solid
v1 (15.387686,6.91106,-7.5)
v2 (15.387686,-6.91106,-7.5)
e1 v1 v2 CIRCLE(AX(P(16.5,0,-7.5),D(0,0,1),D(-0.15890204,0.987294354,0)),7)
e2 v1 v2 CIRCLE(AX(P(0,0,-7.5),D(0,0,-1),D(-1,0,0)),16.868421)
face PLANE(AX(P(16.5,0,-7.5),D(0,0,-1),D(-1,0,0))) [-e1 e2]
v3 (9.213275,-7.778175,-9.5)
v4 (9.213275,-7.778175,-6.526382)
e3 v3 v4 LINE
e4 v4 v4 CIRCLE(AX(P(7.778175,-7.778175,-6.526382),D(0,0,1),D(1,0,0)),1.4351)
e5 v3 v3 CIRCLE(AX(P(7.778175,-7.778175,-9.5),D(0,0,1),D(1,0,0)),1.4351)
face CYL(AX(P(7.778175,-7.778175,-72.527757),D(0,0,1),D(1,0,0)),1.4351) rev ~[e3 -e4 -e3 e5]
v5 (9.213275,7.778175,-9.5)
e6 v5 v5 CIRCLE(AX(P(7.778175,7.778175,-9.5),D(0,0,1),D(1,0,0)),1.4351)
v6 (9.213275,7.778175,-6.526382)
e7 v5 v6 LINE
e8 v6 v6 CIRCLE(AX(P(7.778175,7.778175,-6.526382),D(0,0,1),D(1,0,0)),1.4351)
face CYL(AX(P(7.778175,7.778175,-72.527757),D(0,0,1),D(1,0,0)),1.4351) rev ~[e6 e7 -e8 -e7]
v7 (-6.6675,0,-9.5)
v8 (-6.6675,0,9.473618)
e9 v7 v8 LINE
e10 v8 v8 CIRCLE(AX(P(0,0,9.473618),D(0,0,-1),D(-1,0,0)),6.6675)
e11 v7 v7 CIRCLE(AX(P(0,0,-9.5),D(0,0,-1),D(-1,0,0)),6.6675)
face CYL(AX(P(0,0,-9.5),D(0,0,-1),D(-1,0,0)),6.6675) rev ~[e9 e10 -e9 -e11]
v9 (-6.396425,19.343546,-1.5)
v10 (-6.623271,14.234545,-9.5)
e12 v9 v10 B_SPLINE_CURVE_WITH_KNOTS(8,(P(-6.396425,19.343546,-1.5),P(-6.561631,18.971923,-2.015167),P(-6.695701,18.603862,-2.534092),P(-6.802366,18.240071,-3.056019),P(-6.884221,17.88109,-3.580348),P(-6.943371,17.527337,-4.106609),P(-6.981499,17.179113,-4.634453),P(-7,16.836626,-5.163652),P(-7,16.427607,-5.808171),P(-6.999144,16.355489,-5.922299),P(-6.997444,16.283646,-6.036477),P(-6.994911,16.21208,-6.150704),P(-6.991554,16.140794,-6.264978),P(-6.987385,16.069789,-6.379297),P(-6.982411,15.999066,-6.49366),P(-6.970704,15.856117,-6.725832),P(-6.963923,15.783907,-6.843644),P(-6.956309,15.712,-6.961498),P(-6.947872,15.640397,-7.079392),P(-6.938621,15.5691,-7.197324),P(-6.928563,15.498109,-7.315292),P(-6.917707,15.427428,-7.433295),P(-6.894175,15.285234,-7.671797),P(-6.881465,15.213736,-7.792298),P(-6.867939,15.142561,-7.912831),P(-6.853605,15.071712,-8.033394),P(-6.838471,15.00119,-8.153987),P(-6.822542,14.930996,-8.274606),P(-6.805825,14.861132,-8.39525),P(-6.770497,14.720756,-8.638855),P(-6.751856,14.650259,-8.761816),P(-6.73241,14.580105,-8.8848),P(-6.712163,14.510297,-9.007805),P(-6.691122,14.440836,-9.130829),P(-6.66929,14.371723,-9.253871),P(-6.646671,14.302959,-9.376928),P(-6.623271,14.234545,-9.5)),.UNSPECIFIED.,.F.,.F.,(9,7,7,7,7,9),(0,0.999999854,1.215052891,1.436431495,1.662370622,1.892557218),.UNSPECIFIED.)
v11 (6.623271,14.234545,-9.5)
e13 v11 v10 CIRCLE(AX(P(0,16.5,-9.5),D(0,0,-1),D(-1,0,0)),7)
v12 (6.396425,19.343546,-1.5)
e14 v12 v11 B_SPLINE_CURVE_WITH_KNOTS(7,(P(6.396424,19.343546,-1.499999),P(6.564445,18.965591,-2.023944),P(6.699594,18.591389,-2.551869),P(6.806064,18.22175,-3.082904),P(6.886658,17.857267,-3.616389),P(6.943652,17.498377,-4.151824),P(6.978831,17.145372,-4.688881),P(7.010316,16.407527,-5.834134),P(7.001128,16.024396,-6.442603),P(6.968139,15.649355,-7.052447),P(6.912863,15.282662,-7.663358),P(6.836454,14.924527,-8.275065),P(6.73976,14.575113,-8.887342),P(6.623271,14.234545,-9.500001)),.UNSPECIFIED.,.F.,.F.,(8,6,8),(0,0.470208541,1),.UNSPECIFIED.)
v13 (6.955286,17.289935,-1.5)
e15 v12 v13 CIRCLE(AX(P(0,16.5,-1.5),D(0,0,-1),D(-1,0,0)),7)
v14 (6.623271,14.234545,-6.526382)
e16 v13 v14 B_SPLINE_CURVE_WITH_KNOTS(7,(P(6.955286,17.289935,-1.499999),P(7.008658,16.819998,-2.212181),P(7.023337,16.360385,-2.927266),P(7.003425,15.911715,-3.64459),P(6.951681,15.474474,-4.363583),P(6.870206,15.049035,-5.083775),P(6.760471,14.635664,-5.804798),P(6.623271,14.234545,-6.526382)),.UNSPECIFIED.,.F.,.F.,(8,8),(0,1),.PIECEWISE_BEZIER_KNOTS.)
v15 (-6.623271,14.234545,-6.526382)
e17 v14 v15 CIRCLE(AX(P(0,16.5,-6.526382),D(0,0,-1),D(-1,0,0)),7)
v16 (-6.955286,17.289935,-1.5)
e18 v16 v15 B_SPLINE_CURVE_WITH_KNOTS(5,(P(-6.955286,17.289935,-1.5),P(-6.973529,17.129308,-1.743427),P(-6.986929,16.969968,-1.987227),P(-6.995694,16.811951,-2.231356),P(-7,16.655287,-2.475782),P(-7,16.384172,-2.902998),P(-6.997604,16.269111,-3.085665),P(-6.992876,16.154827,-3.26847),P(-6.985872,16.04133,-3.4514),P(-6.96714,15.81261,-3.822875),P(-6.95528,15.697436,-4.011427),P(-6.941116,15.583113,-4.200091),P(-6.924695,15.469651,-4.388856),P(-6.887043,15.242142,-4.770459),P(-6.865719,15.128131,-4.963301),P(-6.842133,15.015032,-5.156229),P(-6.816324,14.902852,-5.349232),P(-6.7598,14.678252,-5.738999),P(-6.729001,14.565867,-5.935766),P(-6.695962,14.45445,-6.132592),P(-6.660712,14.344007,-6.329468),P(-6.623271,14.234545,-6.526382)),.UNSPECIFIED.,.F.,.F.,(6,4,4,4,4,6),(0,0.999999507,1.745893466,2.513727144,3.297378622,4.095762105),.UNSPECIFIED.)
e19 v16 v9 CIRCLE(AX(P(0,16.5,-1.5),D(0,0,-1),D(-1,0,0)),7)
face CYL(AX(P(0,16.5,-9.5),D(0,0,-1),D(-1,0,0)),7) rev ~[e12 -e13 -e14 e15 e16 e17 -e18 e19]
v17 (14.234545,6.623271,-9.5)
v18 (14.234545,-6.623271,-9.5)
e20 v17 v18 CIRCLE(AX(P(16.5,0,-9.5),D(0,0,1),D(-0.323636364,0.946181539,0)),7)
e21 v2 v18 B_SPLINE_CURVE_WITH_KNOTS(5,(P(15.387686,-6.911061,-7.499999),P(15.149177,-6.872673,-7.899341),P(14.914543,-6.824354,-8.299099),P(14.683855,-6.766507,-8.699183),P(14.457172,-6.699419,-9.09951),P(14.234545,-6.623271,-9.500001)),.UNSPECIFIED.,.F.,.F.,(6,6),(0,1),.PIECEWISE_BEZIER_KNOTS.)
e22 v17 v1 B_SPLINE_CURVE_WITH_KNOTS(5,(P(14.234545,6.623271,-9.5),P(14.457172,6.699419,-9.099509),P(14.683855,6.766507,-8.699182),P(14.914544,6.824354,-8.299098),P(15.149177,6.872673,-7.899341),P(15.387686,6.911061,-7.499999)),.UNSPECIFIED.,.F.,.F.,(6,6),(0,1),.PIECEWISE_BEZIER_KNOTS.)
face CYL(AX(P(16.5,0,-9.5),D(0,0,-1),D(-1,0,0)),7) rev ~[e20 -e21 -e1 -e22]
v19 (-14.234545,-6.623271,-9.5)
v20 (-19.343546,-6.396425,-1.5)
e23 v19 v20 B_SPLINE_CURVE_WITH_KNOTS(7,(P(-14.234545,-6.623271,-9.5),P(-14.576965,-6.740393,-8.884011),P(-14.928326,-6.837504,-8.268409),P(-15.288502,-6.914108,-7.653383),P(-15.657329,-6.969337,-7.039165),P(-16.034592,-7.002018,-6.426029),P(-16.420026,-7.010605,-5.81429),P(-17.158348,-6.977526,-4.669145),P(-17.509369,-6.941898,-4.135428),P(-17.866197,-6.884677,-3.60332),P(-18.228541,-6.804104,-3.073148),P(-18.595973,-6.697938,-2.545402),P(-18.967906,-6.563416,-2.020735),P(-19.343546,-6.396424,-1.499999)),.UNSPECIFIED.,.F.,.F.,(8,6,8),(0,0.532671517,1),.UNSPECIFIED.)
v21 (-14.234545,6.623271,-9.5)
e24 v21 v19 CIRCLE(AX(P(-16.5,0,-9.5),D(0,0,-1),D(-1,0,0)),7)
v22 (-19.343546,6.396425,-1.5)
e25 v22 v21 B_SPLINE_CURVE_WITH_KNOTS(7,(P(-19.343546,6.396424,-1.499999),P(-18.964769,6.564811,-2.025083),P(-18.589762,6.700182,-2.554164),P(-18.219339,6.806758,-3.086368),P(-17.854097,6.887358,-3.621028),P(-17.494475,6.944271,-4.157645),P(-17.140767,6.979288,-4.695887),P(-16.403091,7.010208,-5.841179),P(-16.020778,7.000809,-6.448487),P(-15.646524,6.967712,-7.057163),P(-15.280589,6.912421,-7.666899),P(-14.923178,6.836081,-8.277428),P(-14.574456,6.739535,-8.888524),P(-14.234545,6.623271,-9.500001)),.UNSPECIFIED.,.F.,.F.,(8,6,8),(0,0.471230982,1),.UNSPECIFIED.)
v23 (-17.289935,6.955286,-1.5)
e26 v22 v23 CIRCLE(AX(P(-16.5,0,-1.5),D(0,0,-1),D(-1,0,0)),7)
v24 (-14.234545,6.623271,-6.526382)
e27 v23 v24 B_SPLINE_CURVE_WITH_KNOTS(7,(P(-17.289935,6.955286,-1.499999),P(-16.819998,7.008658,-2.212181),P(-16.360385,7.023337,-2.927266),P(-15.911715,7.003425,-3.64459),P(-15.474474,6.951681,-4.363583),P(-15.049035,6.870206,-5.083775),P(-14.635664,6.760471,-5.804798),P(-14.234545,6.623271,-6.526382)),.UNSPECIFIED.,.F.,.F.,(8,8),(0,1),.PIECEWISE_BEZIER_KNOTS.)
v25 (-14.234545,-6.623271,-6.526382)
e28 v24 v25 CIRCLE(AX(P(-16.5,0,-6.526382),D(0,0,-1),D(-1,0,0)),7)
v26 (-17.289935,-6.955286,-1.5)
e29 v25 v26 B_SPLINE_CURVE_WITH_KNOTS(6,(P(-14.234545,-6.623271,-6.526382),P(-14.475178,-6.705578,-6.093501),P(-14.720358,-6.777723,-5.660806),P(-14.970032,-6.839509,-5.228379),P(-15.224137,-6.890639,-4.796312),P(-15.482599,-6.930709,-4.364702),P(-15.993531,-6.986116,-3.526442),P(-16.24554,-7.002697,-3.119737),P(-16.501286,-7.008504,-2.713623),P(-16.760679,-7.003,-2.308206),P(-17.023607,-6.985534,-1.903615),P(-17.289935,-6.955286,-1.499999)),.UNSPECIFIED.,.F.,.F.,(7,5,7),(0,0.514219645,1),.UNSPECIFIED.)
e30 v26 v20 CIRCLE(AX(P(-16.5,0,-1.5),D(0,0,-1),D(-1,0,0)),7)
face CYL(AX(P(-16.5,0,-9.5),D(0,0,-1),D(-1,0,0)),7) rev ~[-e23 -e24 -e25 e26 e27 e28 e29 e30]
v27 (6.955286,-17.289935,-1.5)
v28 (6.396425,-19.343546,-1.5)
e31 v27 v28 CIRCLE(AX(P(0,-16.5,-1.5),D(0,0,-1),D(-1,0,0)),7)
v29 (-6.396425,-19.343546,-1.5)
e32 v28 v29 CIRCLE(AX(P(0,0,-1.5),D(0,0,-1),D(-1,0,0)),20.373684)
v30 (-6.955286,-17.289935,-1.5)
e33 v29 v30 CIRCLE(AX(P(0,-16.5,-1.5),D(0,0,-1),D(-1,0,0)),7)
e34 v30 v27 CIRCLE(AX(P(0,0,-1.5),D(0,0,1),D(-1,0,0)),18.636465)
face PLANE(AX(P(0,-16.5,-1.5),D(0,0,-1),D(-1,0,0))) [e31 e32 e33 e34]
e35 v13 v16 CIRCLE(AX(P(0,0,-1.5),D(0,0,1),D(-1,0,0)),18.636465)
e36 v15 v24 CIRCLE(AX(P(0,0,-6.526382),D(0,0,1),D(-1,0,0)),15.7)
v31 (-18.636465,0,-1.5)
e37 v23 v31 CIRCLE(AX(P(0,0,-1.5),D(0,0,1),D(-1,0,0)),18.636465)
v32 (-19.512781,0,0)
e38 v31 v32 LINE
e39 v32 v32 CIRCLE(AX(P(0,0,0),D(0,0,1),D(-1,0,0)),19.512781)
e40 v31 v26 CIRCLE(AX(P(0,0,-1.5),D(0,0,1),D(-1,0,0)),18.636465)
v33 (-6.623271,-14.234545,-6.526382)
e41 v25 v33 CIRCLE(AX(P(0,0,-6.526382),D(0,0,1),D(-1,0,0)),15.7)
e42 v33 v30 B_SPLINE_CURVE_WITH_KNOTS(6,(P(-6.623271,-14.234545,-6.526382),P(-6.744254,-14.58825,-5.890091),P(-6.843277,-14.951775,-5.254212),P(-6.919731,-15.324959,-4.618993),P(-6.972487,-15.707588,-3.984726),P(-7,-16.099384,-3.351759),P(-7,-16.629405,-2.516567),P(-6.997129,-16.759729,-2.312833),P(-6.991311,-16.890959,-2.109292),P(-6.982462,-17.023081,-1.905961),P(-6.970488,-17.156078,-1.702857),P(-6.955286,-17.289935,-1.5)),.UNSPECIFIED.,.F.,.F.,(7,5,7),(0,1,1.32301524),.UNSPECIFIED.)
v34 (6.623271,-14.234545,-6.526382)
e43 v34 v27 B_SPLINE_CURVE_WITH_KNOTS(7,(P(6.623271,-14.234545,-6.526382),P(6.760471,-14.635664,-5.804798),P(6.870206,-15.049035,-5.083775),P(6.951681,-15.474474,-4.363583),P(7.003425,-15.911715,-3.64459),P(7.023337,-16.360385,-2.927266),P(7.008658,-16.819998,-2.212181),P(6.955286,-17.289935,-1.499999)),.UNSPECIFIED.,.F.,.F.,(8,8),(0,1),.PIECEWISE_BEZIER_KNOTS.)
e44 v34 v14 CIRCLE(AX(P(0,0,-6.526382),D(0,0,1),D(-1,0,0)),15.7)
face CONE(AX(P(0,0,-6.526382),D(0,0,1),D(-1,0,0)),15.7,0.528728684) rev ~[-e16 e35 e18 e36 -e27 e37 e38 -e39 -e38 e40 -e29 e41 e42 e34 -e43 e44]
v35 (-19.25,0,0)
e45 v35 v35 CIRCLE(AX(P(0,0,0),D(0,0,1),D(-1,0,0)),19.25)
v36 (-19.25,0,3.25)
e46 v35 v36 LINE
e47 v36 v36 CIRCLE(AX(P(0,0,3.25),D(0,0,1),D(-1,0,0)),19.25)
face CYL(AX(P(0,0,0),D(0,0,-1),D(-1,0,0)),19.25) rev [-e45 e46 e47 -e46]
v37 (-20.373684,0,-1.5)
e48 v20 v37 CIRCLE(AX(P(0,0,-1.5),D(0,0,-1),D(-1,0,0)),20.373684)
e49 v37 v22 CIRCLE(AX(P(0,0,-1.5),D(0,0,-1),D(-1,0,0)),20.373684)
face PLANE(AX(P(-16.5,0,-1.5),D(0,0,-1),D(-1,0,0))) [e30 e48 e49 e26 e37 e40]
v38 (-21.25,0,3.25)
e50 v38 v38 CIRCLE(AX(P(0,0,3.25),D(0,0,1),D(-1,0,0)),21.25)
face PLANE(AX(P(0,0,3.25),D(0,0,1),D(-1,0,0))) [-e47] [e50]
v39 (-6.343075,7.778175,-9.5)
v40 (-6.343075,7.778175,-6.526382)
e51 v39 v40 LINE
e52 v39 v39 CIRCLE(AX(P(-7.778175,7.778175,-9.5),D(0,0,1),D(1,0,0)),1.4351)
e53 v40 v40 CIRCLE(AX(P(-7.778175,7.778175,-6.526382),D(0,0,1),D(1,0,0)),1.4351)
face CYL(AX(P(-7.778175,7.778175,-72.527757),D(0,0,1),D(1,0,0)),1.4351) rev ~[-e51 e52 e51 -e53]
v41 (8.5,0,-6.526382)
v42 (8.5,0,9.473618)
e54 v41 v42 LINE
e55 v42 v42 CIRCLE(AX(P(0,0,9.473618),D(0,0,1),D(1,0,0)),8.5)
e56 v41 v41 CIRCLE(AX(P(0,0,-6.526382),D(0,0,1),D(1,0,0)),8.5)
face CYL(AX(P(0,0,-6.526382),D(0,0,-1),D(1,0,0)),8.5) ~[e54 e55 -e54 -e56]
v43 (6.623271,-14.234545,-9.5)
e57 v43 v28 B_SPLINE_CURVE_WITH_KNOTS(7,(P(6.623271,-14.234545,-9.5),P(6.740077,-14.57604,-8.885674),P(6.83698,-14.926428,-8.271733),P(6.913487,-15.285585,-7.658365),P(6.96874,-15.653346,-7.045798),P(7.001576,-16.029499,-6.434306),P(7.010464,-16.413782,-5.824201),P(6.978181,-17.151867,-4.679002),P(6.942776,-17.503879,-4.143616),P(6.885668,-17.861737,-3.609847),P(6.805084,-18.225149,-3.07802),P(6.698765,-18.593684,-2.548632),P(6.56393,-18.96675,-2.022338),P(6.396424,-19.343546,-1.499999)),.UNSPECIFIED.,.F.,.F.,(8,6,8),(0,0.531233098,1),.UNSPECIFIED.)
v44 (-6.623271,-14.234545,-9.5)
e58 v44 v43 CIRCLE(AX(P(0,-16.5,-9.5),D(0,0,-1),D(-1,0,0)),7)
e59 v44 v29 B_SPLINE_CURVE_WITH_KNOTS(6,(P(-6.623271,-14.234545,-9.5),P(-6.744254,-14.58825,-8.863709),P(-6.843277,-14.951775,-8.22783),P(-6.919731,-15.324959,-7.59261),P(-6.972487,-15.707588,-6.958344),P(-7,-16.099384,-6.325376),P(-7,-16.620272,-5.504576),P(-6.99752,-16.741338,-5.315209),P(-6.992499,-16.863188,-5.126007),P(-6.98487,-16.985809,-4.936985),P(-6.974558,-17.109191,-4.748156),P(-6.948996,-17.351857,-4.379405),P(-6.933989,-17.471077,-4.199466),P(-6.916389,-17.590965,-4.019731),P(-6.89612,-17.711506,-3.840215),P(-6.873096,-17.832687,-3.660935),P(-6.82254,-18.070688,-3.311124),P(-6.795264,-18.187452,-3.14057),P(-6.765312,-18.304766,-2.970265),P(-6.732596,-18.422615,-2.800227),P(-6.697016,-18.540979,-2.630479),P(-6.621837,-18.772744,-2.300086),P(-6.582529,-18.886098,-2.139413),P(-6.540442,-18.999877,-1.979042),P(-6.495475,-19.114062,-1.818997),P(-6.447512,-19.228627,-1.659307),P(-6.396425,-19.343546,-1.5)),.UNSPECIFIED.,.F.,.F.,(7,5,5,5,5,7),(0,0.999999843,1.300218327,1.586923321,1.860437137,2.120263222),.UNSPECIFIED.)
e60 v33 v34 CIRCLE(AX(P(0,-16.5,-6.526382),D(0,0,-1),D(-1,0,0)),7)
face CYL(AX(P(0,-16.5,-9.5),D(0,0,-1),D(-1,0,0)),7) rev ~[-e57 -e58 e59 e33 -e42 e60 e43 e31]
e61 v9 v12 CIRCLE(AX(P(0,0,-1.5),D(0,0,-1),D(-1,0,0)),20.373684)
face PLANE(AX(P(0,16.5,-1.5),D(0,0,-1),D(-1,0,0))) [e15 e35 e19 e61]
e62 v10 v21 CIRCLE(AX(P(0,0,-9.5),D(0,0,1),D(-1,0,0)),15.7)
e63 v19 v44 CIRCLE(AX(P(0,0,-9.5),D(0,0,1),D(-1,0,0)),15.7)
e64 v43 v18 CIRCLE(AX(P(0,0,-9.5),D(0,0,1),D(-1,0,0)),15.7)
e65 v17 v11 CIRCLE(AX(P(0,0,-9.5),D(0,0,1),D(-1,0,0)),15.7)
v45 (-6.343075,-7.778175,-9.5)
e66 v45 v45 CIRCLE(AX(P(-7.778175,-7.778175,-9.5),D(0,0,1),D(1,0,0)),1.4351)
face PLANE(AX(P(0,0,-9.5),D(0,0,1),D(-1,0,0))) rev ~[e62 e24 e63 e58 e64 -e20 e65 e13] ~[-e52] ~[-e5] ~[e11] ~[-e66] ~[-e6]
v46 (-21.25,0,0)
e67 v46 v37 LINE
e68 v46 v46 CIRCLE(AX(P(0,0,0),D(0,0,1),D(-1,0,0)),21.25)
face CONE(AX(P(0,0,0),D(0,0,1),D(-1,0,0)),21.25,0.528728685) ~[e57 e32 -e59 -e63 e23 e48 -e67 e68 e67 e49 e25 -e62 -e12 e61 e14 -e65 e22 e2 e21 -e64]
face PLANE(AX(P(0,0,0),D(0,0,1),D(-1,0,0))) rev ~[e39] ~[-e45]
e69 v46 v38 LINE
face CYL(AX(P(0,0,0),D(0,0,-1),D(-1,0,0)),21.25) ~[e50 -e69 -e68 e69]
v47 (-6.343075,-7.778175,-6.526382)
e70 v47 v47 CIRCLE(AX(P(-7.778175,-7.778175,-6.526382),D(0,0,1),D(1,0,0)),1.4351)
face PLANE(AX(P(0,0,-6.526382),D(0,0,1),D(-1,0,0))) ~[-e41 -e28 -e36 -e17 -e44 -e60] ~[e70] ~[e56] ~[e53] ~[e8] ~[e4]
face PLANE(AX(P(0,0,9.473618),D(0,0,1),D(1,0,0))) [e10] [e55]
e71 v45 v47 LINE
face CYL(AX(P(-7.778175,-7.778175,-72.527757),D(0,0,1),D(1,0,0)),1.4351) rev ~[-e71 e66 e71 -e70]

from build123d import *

# Parameters (mm, degrees)
SKETCH1_R                   = 21.25
SKETCH1_R_2                 = 19.25
BOSS_EXTRUDE1_DEPTH         = 3.25
SKETCH4_R                   = 7
CUT_EXTRUDE2_DEPTH          = 8
SKETCH5_R                   = 7
CUT_EXTRUDE3_DEPTH          = 2
SKETCH7_R                   = 8.5
BOSS_EXTRUDE2_DEPTH         = 16
SKETCH6_R                   = 6.6675
CUT_EXTRUDE5_DEPTH          = 36.540444334
F_33_0_113_DIAMETER_HOLE1_D = 2.8702


with BuildPart() as part:
    # Sketch1 → Boss-Extrude1 (new body)
    with BuildSketch(Plane.XY):
        with Locations(Location((0, 0, 0), (0, 0, 180))):
            Circle(SKETCH1_R)
        with Locations(Location((0, 0, 0), (0, 0, 180))):
            Circle(SKETCH1_R_2, mode=Mode.SUBTRACT)
    extrude(amount=BOSS_EXTRUDE1_DEPTH)

    # Sketch2 → Revolve1 (revolve)
    with BuildSketch(Plane(origin=(0, 0, 0), x_dir=(1, 0, 0), z_dir=(0, 1, 0))):
        Polygon((-21.25, 0), (-15.7, 9.5), (0, 9.5), (0, 6.526382134), (-15.7, 6.526382134), (-19.512781141, 0), align=None)
    revolve(axis=Axis((0, 0, -9.5), (0, 0, 1)))

    # Sketch4 → Cut-Extrude2 (cut)
    with BuildSketch(Plane(origin=(0, 0, -9.5), x_dir=(-1, 0, 0), z_dir=(0, 0, -1))):
        with Locations((0, 16.5)):
            Circle(SKETCH4_R)
        with Locations((16.5, 0)):
            Circle(SKETCH4_R)
        with Locations((0, -16.5)):
            Circle(SKETCH4_R)
    extrude(amount=-CUT_EXTRUDE2_DEPTH, mode=Mode.SUBTRACT)

    # Sketch5 → Cut-Extrude3 (cut)
    with BuildSketch(Plane(origin=(0, 0, -9.5), x_dir=(-1, 0, 0), z_dir=(0, 0, -1))):
        with Locations((-16.5, 0)):
            Circle(SKETCH5_R)
    extrude(amount=-CUT_EXTRUDE3_DEPTH, mode=Mode.SUBTRACT)

    # Sketch7 → Boss-Extrude2 (add)
    with BuildSketch(Plane.XY.offset(-6.526382134)):
        Circle(SKETCH7_R)
    extrude(amount=BOSS_EXTRUDE2_DEPTH)

    # Sketch6 → Cut-Extrude5 (cut, through all)
    with BuildSketch(Plane(origin=(0, 0, -9.5), x_dir=(-1, 0, 0), z_dir=(0, 0, -1))):
        Circle(SKETCH6_R)
    extrude(amount=-CUT_EXTRUDE5_DEPTH, mode=Mode.SUBTRACT)

    # #33 (0.113) Diameter Hole1 (through all)
    with Locations(Plane(origin=(0, 0, -9.5), x_dir=(-1, 0, 0), z_dir=(0, 0, -1))):
        with Locations((7.778174593, 7.778174593), (7.778174593, -7.778174593), (-7.778174593, -7.778174593), (-7.778174593, 7.778174593)):
            Hole(F_33_0_113_DIAMETER_HOLE1_D / 2)


solid = part.part
